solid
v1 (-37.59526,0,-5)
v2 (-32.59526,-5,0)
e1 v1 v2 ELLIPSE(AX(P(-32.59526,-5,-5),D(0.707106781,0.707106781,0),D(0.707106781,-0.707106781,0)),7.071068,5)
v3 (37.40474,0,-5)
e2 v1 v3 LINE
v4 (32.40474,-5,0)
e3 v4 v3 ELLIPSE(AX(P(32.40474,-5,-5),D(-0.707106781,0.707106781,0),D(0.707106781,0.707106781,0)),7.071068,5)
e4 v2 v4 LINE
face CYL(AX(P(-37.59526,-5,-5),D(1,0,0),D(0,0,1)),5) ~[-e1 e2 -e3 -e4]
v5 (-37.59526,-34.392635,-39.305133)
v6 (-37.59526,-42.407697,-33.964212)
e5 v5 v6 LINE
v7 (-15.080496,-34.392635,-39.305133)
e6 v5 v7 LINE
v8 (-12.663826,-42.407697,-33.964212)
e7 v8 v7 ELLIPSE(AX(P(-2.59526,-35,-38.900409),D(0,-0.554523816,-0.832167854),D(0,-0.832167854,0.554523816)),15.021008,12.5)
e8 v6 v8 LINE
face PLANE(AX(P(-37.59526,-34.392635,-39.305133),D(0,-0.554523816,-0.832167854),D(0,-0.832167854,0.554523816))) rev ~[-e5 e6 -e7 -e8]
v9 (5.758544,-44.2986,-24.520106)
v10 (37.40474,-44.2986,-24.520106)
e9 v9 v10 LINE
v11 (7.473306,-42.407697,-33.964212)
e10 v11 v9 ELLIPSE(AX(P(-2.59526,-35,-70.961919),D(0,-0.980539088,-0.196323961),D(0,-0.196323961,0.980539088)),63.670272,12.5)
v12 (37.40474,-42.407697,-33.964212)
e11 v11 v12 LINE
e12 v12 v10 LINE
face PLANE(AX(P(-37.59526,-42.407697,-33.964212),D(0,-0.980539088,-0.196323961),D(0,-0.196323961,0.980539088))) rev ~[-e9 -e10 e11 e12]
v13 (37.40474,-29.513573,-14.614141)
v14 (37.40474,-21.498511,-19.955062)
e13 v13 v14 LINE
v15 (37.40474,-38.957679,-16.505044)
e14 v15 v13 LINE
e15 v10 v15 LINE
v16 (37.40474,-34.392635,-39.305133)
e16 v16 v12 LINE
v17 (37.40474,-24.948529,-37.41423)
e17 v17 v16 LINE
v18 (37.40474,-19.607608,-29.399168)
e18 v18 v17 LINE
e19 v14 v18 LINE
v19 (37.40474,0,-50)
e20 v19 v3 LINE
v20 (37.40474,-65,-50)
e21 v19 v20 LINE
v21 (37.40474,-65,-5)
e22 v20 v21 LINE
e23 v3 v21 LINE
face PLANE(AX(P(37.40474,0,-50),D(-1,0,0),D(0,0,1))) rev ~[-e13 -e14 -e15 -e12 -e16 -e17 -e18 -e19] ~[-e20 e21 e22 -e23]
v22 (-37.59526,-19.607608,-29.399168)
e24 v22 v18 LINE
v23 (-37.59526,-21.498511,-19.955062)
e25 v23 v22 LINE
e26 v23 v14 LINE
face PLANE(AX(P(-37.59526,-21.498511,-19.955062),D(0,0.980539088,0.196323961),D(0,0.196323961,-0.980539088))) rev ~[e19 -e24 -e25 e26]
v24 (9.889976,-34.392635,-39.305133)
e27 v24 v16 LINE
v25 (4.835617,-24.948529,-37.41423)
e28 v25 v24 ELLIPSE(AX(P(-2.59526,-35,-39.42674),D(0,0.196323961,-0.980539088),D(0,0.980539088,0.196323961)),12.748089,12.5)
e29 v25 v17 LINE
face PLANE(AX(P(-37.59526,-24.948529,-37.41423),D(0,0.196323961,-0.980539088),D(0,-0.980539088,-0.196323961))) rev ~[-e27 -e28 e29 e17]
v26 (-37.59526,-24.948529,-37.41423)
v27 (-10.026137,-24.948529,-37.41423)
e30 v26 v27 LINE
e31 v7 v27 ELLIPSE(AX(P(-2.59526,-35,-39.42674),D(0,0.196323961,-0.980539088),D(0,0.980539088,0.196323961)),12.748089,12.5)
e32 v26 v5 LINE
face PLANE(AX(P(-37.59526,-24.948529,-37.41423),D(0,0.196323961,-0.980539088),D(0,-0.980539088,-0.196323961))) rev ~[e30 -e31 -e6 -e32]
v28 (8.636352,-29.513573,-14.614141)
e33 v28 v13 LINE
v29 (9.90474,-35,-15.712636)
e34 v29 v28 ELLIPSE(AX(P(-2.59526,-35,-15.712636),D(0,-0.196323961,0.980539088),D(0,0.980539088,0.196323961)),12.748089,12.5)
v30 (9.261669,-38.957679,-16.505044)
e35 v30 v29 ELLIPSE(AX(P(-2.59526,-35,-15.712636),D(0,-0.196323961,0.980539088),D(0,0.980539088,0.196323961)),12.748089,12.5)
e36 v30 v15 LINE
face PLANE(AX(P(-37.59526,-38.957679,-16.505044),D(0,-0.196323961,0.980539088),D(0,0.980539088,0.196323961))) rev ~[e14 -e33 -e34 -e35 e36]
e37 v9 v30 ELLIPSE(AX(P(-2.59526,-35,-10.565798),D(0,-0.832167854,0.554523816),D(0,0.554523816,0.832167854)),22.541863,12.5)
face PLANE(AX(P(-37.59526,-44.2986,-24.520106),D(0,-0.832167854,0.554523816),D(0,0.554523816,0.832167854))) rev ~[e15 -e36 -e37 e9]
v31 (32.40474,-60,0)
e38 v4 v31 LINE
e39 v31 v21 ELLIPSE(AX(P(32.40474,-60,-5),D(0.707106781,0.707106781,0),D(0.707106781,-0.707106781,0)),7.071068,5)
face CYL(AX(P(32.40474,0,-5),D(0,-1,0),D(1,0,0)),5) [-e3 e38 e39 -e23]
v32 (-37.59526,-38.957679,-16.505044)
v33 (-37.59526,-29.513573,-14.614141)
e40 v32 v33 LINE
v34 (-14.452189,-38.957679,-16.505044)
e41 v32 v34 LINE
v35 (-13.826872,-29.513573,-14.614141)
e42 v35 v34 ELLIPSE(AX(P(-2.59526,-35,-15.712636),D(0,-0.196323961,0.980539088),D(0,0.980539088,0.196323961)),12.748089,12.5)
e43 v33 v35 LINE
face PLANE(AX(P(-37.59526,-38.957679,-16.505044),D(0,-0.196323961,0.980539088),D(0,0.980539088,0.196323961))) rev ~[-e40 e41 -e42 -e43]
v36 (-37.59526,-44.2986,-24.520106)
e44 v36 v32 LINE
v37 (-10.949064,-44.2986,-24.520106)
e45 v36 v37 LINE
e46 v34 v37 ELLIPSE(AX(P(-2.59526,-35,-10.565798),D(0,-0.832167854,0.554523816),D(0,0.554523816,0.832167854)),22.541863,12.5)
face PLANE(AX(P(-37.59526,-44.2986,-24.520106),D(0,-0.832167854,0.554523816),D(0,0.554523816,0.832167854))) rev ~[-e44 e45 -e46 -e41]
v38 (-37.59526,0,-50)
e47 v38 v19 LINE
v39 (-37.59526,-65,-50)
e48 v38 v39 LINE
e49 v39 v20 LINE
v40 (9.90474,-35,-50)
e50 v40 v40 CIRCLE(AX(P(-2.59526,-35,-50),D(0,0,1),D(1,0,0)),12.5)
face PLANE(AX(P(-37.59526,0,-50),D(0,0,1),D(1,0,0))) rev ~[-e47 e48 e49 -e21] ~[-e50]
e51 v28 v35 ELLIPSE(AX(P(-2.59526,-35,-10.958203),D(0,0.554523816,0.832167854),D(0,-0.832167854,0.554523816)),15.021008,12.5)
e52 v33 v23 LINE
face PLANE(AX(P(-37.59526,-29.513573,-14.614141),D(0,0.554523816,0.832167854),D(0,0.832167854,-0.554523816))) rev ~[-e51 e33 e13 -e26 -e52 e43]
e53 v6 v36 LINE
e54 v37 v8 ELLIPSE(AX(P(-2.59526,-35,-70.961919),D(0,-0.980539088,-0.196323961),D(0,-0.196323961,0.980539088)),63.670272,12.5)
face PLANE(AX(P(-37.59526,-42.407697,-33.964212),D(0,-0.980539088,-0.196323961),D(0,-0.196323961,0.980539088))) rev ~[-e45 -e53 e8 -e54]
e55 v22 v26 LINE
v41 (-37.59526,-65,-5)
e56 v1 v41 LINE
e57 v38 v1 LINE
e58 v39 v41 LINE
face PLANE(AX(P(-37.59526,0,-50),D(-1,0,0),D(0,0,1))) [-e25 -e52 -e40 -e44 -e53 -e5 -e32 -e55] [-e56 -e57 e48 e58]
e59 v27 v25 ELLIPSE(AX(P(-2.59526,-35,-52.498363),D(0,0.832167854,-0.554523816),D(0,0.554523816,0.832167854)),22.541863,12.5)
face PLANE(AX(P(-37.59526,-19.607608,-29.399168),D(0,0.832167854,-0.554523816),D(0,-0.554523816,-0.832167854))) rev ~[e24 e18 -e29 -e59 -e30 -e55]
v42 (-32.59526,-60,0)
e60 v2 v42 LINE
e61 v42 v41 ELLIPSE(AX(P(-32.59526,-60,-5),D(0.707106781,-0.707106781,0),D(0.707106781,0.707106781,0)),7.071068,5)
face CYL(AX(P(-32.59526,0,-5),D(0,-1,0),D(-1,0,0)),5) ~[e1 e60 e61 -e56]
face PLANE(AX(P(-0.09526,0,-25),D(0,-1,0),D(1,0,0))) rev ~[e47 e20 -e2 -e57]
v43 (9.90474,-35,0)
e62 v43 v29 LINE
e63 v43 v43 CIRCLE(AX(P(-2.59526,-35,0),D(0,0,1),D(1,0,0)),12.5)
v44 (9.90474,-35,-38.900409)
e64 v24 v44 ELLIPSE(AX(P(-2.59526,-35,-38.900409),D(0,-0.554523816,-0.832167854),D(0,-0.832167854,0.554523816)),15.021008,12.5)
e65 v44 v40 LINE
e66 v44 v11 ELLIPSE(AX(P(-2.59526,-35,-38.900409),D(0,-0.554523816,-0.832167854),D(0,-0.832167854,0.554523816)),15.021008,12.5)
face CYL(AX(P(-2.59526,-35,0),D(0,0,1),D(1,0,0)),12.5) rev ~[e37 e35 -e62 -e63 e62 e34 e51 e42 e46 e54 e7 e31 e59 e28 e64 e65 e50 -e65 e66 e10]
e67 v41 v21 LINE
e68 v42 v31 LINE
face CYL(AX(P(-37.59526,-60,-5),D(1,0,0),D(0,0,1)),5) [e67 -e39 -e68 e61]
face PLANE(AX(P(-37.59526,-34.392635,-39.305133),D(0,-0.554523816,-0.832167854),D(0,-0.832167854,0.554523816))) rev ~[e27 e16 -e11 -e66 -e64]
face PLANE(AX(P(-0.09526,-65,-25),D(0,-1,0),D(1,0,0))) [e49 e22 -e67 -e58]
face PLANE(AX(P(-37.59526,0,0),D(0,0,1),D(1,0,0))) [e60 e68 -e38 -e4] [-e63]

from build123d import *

# Parameters (mm, degrees)
F0_W     = 75
F0_H     = 50
F1_DEPTH = 65
F2_R     = 5
F3_R     = 12.5
F4_DEPTH = 50.001
F6_DEPTH = 75.001


with BuildPart() as f1:
    # F0 (on Front) → F1 (new body)
    with BuildSketch(Plane.XZ):
        with Locations((-0.09526, -25)):
            Rectangle(F0_W, F0_H)
    extrude(amount=F1_DEPTH)

    # F2
    f2_edges = [f1.edges().sort_by_distance(p)[0] for p in [
        (-0.09526, -65, 0),
        (-37.59526, -32.5, 0),
        (-0.09526, 0, 0),
        (37.40474, -32.5, 0),
    ]]
    fillet(f2_edges, radius=F2_R)

    # F3 (on face) → F4 (cut, through all)
    with BuildSketch(Plane.XY):
        with Locations((-2.59526, -35)):
            Circle(F3_R)
    extrude(amount=-F4_DEPTH, mode=Mode.SUBTRACT)

    # F5 (on face) → F6 (cut, through all)
    with BuildSketch(Plane(origin=(-37.59526, 0, 0), x_dir=(0, -1, 0), z_dir=(-1, 0, 0))):
        Polygon((34.392635, -39.305133), (42.407697, -33.964212), (44.2986, -24.520106), (38.957679, -16.505044), (29.513573, -14.614141), (21.498511, -19.955062), (19.607608, -29.399168), (24.948529, -37.41423), align=None)
    extrude(amount=-F6_DEPTH, mode=Mode.SUBTRACT)


solid = f1.part
